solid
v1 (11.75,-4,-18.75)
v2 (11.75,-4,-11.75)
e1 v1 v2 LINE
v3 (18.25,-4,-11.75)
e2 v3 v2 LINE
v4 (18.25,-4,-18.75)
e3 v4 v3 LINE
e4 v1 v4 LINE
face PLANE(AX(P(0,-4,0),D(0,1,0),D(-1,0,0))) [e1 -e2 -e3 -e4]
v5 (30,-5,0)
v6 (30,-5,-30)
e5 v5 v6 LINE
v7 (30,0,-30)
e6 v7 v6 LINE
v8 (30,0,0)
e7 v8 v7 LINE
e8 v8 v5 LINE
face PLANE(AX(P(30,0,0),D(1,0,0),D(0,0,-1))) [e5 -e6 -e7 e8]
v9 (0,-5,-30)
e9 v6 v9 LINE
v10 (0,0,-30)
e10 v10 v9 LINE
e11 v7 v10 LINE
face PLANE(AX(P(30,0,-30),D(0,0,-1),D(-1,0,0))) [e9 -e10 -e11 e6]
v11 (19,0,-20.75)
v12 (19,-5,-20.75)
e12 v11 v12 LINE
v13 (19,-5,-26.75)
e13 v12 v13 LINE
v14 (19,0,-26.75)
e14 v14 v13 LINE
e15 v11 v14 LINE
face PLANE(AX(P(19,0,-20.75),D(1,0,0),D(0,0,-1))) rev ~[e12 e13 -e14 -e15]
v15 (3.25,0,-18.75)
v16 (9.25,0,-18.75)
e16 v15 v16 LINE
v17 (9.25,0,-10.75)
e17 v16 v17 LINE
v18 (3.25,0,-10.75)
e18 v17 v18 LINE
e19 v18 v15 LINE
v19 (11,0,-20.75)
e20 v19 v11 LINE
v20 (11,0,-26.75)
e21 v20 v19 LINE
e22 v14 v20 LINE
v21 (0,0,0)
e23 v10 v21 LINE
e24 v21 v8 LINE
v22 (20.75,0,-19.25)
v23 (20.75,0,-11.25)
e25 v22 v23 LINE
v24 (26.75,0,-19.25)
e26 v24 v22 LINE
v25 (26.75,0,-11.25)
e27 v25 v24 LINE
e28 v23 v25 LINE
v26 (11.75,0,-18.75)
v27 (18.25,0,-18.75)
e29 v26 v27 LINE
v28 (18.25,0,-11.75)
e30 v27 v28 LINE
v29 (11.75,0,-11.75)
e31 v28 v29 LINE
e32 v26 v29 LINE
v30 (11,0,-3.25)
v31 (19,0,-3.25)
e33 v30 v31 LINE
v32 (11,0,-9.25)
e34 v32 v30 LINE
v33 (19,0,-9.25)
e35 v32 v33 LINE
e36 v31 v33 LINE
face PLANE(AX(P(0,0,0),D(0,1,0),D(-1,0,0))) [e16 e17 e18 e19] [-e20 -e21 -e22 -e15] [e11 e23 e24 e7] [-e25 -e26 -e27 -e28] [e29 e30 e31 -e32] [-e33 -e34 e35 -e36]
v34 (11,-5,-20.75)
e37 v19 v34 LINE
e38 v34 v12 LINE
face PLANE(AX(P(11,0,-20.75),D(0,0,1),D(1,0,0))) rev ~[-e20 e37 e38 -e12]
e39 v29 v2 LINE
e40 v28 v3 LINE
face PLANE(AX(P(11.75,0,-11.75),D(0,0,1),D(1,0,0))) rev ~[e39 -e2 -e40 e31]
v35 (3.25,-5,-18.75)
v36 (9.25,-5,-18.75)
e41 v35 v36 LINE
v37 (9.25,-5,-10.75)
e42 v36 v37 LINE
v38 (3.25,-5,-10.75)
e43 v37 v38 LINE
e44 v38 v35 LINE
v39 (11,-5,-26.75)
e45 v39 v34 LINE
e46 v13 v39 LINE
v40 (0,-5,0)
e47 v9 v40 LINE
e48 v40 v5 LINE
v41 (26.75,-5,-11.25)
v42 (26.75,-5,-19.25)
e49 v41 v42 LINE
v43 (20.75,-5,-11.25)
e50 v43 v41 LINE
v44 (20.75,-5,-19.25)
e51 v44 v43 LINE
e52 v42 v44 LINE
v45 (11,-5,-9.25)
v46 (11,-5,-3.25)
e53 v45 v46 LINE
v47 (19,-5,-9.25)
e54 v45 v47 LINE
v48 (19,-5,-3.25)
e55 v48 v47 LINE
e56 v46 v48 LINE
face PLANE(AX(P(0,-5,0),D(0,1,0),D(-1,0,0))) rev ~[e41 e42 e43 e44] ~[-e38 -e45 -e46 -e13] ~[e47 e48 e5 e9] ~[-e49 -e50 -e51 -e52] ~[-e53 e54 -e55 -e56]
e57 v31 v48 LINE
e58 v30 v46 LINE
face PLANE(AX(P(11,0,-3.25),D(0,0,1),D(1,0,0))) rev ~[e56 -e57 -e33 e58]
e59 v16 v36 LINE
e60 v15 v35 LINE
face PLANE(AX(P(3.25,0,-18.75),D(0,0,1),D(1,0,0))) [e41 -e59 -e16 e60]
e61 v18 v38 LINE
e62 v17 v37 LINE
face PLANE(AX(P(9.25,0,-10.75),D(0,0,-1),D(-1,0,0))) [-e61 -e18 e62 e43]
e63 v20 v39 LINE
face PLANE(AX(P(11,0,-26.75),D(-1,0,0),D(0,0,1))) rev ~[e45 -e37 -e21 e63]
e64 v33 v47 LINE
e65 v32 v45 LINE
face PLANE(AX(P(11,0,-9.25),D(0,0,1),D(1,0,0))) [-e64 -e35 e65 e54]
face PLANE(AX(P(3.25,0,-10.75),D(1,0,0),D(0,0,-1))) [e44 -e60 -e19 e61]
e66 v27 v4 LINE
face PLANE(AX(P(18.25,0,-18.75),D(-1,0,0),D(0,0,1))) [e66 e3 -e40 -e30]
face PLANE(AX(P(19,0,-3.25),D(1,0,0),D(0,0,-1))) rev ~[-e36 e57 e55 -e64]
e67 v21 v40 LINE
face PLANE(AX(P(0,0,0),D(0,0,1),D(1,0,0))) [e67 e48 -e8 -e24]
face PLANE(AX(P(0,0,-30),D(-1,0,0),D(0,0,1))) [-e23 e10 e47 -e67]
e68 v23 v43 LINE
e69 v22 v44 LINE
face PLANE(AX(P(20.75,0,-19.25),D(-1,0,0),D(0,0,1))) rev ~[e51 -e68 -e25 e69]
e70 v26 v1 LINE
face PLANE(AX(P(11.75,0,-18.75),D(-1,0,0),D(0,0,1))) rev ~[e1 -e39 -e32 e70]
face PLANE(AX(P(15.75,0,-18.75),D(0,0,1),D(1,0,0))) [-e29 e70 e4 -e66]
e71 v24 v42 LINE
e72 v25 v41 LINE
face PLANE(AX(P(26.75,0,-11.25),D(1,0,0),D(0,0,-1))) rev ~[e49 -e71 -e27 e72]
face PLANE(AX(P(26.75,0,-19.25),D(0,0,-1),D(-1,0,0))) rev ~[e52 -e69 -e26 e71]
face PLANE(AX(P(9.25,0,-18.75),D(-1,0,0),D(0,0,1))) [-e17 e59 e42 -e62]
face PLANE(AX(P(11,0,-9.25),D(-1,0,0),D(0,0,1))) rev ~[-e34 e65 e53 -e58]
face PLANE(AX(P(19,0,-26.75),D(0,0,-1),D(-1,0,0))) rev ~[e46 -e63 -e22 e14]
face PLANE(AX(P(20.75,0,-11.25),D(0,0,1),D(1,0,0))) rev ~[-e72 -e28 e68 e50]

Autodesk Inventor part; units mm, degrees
ref_plane "YZ Plane" through (0, 0, 0) normal (1, 0, 0) x (0, 1, 0)
ref_plane "XZ Plane" through (0, 0, 0) normal (0, 1, 0) x (-1, 0, 0)
ref_plane "XY Plane" through (0, 0, 0) normal (0, 0, 1) x (1, 0, 0)
sketch "Sketch1" plane through (0, 0, 0) normal (0, 1, 0) x (-1, 0, 0)
  point P0 (0, 0)
sketch "Sketch2" plane through (0, 0, 0) normal (0, 1, 0) x (-1, 0, 0)
  line L0 (0, 0) -> (-30, 0)
  line L1 (-30, 0) -> (-30, -30)
  line L2 (-30, -30) -> (0, -30)
  line L3 (0, -30) -> (0, 0)
  line L4 (0, -30) -> (-30, 0) construction
  line L5 (0, 0) -> (-30, -30) construction
  line L6 (-15, -15) -> (0, -15) construction
  line L7 (-15, -15) -> (-30, -15) construction
  line L8 (-15, -15) -> (-15, -30) construction
  line L9 (-15, -15) -> (-15, 0) construction
  line L10 (-15, -15) -> (-9.25, -15) construction
  line L11 (-15, -17.4158) -> (-15, -15) construction
  line L12 (-15, -15) -> (-15, -20.75) construction
  line L13 (-15, -15) -> (-15, -9.25) construction
  line L14 (-15, -15) -> (-9.25, -15) construction
  line L15 (-15, -15) -> (-20.75, -15) construction
  line L16 (-15, -20.75) -> (-9.25, -15) construction
  line L17 (-9.25, -15) -> (-9.25, -20.75) construction
  line L18 (-9.25, -20.75) -> (-15, -20.75) construction
  line L19 (-15, -20.75) -> (-20.75, -20.75) construction
  line L20 (-20.75, -20.75) -> (-20.75, -15) construction
  line L21 (-9.25, -15) -> (-9.25, -9.25) construction
  line L22 (-15, -9.25) -> (-9.25, -9.25) construction
  line L23 (-15, -9.25) -> (-20.75, -9.25) construction
  line L24 (-20.75, -9.25) -> (-20.75, -15) construction
  line L25 (-15, -9.25) -> (-11, -9.25) construction
  line L26 (-15, -9.25) -> (-19, -9.25) construction
  line L27 (-11, -9.25) -> (-19, -9.25)
  line L28 (-11, -9.25) -> (-11, -3.25)
  line L29 (-11, -3.25) -> (-19, -3.25)
  line L30 (-19, -3.25) -> (-19, -9.25)
  line L31 (-11, -20.75) -> (-19, -20.75)
  line L32 (-19, -20.75) -> (-19, -26.75)
  line L33 (-19, -26.75) -> (-11, -26.75)
  line L34 (-11, -26.75) -> (-11, -20.75)
  line L35 (-9.25, -9.25) -> (-9.25, -10.75)
  line L36 (-9.25, -20.75) -> (-9.25, -18.75)
  line L37 (-9.25, -18.75) -> (-9.25, -19.25)
  line L38 (-9.25, -18.75) -> (-9.25, -10.75)
  line L39 (-9.25, -10.75) -> (-3.25, -10.75)
  line L40 (-3.25, -10.75) -> (-3.25, -18.75)
  line L41 (-3.25, -18.75) -> (-9.25, -18.75)
  line L42 (-9.25, -19.25) -> (-20.75, -19.25) construction
  line L43 (-20.75, -19.25) -> (-20.75, -11.25)
  line L44 (-20.75, -11.25) -> (-26.75, -11.25)
  line L45 (-26.75, -11.25) -> (-26.75, -19.25)
  line L46 (-26.75, -19.25) -> (-20.75, -19.25)
  line L47 (-9.25, -18.75) -> (-11.75, -18.75) construction
  line L48 (-11.75, -18.75) -> (-11.75, -10.75) construction
  line L49 (-11.75, -10.75) -> (-9.25, -10.75) construction
  line L50 (-20.75, -19.25) -> (-18.25, -19.25) construction
  line L51 (-18.25, -19.25) -> (-18.25, -11.25) construction
  line L52 (-18.25, -11.25) -> (-20.75, -11.25) construction
  line L53 (-9.25, -10.75) -> (-9.25, -11.75) construction
  line L54 (-9.25, -11.75) -> (-11.75, -11.75) construction
  line L55 (-20.75, -11.25) -> (-20.75, -11.75) construction
  line L56 (-20.75, -11.75) -> (-18.25, -11.75) construction
  line L57 (-11.75, -18.75) -> (-20.75, -18.75) construction
  line L58 (-18.25, -18.75) -> (-18.25, -11.75) construction
  line L59 (-15, -18.75) -> (-14.25, -18.75) construction
  line L60 (-15, -18.75) -> (-15.75, -18.75) construction
  line L61 (-11.75, -18.75) -> (-11.75, -11.75)
  line L62 (-11.75, -18.75) -> (-14.25, -18.75)
  line L63 (-11.75, -11.75) -> (-14.25, -11.75)
  line L64 (-15.75, -18.75) -> (-18.25, -18.75)
  line L65 (-18.25, -18.75) -> (-18.25, -11.75)
  line L66 (-18.25, -11.75) -> (-15.75, -11.75)
  line L67 (-14.25, -11.75) -> (-15.75, -11.75)
  line L68 (-14.25, -18.75) -> (-15.75, -18.75)
  dimension "d0" = 30
  dimension "d1" = 30
  dimension "d3" = 5.75
  dimension "d4" = 5.75
  dimension "d5" = 5.75
  dimension "d6" = 5.75
  dimension "d7" = 4
  dimension "d8" = 4
  dimension "d9" = 6
  dimension "d10" = 6
  dimension "d11" = 8
  dimension "d12" = 1.5
  dimension "d13" = 2
  dimension "d14" = 0.5
  dimension "d15" = 6
  dimension "d16" = 8
  dimension "d17" = 6
  dimension "d18" = 2.5
  dimension "d19" = 2.5
  dimension "d20" = 1
  dimension "d21" = 0.75
  dimension "d22" = 0.75
extrude "Extrusion1" add sketch "Sketch2" against normal blind 5 contours L3 L2 L1 L0 | L62 L68 L64 L65 L66 L67 L63 L61
extrude "Extrusion5" cut sketch "Sketch2" against normal blind 4 contours L62 L68 L64 L65 L66 L67 L63 L61
properties part number "switch_test_v1_3DPrint"
